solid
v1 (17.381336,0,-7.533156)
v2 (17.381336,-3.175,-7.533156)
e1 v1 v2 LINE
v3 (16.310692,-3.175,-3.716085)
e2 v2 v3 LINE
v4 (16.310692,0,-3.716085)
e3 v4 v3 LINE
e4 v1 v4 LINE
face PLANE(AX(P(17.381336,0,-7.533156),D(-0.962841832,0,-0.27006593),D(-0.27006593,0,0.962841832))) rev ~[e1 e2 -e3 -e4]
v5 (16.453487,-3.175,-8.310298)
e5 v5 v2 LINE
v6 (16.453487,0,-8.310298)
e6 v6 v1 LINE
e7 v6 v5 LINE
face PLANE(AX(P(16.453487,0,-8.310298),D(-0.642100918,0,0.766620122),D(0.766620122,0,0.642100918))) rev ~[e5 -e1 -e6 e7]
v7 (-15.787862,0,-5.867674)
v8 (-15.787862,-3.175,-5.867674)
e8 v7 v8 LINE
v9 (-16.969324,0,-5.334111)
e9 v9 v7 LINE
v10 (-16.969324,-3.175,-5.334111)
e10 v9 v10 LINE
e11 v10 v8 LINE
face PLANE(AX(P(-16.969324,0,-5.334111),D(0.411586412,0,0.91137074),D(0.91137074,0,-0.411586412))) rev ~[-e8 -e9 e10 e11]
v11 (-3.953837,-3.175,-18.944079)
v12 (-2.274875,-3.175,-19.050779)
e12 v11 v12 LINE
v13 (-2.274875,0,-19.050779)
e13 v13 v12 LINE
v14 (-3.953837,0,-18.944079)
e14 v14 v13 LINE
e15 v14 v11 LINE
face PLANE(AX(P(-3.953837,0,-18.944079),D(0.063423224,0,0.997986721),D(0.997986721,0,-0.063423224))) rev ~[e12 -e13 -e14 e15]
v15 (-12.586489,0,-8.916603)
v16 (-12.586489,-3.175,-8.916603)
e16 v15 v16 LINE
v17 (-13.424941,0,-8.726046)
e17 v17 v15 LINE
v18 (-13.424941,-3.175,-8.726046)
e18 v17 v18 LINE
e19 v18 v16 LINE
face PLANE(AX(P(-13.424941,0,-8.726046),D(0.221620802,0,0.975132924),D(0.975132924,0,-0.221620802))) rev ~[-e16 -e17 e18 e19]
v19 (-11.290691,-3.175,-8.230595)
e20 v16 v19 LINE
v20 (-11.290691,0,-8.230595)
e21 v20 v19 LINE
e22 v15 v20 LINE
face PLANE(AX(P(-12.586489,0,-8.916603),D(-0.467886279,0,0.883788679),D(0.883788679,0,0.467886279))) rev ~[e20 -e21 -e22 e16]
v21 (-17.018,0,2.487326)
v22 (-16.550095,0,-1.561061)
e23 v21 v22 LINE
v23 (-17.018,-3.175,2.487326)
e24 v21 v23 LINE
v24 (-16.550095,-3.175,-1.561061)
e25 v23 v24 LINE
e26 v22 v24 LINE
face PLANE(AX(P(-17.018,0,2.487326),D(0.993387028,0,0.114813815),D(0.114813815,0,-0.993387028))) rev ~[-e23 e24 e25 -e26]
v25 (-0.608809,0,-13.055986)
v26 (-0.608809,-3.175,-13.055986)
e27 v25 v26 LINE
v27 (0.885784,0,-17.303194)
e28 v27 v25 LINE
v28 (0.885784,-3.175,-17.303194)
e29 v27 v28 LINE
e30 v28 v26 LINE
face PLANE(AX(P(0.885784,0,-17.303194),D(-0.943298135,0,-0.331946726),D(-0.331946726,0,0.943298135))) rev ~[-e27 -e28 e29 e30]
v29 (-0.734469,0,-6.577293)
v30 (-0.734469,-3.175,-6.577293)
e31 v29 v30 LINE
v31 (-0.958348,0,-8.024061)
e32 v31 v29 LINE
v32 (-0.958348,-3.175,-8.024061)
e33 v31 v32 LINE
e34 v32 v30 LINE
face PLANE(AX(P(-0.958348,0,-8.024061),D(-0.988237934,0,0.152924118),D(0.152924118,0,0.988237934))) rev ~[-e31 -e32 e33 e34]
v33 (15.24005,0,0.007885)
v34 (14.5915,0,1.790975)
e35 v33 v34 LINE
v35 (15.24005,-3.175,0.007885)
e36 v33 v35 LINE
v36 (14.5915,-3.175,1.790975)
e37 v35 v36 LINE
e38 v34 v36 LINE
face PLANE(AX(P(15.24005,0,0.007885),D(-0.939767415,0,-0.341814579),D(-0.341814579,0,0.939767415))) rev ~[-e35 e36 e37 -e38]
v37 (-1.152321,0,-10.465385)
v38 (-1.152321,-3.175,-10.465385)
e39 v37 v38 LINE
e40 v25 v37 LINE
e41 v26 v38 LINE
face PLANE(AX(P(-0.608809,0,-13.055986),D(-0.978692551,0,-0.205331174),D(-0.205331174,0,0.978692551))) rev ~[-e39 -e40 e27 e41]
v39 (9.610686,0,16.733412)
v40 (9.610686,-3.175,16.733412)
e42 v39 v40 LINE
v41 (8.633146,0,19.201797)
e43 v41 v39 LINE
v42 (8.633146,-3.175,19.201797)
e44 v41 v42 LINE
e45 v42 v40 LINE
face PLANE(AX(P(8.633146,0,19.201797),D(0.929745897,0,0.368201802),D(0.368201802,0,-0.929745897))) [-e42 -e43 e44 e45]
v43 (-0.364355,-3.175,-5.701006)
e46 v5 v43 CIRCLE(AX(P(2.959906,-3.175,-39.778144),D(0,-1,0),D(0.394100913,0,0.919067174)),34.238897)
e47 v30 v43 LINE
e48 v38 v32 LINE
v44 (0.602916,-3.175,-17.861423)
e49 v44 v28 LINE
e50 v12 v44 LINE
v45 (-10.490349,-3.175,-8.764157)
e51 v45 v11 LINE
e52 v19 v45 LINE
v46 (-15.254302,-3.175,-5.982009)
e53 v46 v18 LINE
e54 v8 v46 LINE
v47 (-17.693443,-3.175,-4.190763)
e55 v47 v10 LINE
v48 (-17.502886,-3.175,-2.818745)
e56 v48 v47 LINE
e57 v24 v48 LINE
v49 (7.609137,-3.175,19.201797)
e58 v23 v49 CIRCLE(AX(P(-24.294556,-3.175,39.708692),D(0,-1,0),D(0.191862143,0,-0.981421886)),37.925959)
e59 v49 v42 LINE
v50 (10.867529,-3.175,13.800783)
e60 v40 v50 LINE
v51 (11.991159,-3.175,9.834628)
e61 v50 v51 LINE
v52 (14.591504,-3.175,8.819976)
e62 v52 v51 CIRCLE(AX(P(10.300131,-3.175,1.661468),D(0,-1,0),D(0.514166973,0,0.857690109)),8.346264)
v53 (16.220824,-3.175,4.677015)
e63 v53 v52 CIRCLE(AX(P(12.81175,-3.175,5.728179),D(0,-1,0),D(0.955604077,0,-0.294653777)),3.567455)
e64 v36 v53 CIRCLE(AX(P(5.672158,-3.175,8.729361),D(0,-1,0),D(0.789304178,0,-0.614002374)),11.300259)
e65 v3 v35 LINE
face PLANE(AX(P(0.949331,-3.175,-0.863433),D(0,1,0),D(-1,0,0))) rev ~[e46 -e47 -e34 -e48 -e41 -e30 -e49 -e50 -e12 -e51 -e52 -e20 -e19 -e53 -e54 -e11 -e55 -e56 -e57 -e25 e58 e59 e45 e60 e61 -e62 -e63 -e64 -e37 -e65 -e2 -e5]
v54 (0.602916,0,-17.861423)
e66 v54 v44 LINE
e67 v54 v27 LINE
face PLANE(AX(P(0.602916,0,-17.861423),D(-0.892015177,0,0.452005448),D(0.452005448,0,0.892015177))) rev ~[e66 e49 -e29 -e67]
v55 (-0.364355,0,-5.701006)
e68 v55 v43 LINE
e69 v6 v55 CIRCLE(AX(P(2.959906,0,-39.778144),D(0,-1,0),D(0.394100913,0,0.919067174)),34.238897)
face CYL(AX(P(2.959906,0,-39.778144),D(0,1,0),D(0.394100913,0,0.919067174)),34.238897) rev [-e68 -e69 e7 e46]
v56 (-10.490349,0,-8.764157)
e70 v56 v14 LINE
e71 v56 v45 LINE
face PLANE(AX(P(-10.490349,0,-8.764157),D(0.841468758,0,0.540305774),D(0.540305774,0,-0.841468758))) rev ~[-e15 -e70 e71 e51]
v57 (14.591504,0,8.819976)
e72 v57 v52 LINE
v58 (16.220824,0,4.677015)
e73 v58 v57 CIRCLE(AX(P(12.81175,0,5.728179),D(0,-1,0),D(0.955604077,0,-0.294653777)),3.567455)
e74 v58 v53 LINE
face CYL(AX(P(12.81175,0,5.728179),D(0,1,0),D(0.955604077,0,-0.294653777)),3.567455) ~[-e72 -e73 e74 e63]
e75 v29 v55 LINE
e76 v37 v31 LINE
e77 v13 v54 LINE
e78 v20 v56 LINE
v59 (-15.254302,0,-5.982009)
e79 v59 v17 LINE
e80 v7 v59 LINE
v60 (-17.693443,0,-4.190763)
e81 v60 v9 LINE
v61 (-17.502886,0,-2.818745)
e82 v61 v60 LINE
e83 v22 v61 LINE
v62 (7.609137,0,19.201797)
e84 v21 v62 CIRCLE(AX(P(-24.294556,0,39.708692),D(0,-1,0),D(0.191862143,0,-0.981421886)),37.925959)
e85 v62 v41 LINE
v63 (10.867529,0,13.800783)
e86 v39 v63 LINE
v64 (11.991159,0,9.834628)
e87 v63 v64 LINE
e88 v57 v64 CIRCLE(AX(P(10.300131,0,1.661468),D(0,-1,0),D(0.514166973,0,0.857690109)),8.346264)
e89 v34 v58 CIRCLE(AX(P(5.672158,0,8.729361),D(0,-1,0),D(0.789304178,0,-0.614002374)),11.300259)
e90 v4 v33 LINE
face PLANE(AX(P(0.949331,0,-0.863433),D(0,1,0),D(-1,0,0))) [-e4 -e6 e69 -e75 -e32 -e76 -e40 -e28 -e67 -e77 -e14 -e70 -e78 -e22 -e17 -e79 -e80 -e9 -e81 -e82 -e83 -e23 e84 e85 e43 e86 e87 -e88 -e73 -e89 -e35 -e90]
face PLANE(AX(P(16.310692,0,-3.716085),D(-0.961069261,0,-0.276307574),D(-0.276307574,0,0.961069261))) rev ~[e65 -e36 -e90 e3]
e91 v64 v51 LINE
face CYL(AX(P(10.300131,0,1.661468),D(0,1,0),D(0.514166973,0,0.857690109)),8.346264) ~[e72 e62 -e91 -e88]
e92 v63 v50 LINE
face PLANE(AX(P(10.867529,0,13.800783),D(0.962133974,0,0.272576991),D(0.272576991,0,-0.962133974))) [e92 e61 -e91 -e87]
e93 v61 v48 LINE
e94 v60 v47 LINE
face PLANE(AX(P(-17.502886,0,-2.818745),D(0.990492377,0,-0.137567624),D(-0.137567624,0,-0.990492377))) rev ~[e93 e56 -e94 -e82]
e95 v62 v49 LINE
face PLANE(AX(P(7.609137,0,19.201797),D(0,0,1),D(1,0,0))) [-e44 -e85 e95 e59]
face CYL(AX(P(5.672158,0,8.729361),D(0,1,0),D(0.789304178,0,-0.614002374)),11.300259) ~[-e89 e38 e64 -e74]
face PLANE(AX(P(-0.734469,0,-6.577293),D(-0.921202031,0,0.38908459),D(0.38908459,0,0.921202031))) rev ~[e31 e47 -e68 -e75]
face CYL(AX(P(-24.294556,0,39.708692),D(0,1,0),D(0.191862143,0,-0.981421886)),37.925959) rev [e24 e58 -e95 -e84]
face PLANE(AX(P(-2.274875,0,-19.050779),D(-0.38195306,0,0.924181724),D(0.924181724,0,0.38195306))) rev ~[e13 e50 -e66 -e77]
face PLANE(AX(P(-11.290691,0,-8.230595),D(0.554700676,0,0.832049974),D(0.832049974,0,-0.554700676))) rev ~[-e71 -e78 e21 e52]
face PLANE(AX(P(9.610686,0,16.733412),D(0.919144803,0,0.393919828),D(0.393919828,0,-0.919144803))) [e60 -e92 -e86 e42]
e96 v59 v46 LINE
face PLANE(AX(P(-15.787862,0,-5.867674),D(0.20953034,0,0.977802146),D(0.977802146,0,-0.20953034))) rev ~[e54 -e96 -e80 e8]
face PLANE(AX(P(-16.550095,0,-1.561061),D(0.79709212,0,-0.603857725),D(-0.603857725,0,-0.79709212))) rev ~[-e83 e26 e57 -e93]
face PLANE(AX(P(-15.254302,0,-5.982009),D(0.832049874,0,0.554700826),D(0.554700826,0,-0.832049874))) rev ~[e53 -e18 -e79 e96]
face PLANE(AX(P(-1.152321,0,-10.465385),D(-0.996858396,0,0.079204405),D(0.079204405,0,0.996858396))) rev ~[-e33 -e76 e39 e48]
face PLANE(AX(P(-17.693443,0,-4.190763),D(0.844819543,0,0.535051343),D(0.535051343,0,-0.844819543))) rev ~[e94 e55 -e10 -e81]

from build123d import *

# Parameters (mm, degrees)
PAD_DEPTH = 3.175


with BuildPart() as part:
    # Sketch → Pad (new body)
    with BuildSketch(Plane.XZ):
        with BuildLine():
            ThreePointArc((-17.018, 2.487326), (-2.996285, 8.327774), (7.609137, 19.201797))
            Line((7.609137, 19.201797), (8.633146, 19.201797))
            Line((8.633146, 19.201797), (9.610686, 16.733412))
            Line((9.610686, 16.733412), (10.867529, 13.800783))
            Line((10.867529, 13.800783), (11.991159, 9.834628))
            ThreePointArc((14.591504, 8.819976), (13.334049, 9.436779), (11.991159, 9.834628))
            ThreePointArc((16.220824, 4.677015), (16.131692, 7.033827), (14.591504, 8.819976))
            ThreePointArc((14.5915, 1.790975), (15.512541, 3.173938), (16.220824, 4.677015))
            Line((15.24005, 0.007885), (14.5915, 1.790975))
            Line((16.310692, -3.716085), (15.24005, 0.007885))
            Line((17.381336, -7.533156), (16.310692, -3.716085))
            Line((16.453487, -8.310298), (17.381336, -7.533156))
            ThreePointArc((16.453487, -8.310298), (8.209274, -5.944046), (-0.364355, -5.701006))
            Line((-0.734469, -6.577293), (-0.364355, -5.701006))
            Line((-0.958348, -8.024061), (-0.734469, -6.577293))
            Line((-1.152321, -10.465385), (-0.958348, -8.024061))
            Line((-0.608809, -13.055986), (-1.152321, -10.465385))
            Line((0.885784, -17.303194), (-0.608809, -13.055986))
            Line((0.602916, -17.861423), (0.885784, -17.303194))
            Line((-2.274875, -19.050779), (0.602916, -17.861423))
            Line((-3.953837, -18.944079), (-2.274875, -19.050779))
            Line((-10.490349, -8.764157), (-3.953837, -18.944079))
            Line((-11.290691, -8.230595), (-10.490349, -8.764157))
            Line((-12.586489, -8.916603), (-11.290691, -8.230595))
            Line((-13.424941, -8.726046), (-12.586489, -8.916603))
            Line((-15.254302, -5.982009), (-13.424941, -8.726046))
            Line((-15.787862, -5.867674), (-15.254302, -5.982009))
            Line((-16.969324, -5.334111), (-15.787862, -5.867674))
            Line((-17.693443, -4.190763), (-16.969324, -5.334111))
            Line((-17.502886, -2.818745), (-17.693443, -4.190763))
            Line((-16.550095, -1.561061), (-17.502886, -2.818745))
            Line((-17.018, 2.487326), (-16.550095, -1.561061))
        make_face()
    extrude(amount=PAD_DEPTH)


solid = part.part
